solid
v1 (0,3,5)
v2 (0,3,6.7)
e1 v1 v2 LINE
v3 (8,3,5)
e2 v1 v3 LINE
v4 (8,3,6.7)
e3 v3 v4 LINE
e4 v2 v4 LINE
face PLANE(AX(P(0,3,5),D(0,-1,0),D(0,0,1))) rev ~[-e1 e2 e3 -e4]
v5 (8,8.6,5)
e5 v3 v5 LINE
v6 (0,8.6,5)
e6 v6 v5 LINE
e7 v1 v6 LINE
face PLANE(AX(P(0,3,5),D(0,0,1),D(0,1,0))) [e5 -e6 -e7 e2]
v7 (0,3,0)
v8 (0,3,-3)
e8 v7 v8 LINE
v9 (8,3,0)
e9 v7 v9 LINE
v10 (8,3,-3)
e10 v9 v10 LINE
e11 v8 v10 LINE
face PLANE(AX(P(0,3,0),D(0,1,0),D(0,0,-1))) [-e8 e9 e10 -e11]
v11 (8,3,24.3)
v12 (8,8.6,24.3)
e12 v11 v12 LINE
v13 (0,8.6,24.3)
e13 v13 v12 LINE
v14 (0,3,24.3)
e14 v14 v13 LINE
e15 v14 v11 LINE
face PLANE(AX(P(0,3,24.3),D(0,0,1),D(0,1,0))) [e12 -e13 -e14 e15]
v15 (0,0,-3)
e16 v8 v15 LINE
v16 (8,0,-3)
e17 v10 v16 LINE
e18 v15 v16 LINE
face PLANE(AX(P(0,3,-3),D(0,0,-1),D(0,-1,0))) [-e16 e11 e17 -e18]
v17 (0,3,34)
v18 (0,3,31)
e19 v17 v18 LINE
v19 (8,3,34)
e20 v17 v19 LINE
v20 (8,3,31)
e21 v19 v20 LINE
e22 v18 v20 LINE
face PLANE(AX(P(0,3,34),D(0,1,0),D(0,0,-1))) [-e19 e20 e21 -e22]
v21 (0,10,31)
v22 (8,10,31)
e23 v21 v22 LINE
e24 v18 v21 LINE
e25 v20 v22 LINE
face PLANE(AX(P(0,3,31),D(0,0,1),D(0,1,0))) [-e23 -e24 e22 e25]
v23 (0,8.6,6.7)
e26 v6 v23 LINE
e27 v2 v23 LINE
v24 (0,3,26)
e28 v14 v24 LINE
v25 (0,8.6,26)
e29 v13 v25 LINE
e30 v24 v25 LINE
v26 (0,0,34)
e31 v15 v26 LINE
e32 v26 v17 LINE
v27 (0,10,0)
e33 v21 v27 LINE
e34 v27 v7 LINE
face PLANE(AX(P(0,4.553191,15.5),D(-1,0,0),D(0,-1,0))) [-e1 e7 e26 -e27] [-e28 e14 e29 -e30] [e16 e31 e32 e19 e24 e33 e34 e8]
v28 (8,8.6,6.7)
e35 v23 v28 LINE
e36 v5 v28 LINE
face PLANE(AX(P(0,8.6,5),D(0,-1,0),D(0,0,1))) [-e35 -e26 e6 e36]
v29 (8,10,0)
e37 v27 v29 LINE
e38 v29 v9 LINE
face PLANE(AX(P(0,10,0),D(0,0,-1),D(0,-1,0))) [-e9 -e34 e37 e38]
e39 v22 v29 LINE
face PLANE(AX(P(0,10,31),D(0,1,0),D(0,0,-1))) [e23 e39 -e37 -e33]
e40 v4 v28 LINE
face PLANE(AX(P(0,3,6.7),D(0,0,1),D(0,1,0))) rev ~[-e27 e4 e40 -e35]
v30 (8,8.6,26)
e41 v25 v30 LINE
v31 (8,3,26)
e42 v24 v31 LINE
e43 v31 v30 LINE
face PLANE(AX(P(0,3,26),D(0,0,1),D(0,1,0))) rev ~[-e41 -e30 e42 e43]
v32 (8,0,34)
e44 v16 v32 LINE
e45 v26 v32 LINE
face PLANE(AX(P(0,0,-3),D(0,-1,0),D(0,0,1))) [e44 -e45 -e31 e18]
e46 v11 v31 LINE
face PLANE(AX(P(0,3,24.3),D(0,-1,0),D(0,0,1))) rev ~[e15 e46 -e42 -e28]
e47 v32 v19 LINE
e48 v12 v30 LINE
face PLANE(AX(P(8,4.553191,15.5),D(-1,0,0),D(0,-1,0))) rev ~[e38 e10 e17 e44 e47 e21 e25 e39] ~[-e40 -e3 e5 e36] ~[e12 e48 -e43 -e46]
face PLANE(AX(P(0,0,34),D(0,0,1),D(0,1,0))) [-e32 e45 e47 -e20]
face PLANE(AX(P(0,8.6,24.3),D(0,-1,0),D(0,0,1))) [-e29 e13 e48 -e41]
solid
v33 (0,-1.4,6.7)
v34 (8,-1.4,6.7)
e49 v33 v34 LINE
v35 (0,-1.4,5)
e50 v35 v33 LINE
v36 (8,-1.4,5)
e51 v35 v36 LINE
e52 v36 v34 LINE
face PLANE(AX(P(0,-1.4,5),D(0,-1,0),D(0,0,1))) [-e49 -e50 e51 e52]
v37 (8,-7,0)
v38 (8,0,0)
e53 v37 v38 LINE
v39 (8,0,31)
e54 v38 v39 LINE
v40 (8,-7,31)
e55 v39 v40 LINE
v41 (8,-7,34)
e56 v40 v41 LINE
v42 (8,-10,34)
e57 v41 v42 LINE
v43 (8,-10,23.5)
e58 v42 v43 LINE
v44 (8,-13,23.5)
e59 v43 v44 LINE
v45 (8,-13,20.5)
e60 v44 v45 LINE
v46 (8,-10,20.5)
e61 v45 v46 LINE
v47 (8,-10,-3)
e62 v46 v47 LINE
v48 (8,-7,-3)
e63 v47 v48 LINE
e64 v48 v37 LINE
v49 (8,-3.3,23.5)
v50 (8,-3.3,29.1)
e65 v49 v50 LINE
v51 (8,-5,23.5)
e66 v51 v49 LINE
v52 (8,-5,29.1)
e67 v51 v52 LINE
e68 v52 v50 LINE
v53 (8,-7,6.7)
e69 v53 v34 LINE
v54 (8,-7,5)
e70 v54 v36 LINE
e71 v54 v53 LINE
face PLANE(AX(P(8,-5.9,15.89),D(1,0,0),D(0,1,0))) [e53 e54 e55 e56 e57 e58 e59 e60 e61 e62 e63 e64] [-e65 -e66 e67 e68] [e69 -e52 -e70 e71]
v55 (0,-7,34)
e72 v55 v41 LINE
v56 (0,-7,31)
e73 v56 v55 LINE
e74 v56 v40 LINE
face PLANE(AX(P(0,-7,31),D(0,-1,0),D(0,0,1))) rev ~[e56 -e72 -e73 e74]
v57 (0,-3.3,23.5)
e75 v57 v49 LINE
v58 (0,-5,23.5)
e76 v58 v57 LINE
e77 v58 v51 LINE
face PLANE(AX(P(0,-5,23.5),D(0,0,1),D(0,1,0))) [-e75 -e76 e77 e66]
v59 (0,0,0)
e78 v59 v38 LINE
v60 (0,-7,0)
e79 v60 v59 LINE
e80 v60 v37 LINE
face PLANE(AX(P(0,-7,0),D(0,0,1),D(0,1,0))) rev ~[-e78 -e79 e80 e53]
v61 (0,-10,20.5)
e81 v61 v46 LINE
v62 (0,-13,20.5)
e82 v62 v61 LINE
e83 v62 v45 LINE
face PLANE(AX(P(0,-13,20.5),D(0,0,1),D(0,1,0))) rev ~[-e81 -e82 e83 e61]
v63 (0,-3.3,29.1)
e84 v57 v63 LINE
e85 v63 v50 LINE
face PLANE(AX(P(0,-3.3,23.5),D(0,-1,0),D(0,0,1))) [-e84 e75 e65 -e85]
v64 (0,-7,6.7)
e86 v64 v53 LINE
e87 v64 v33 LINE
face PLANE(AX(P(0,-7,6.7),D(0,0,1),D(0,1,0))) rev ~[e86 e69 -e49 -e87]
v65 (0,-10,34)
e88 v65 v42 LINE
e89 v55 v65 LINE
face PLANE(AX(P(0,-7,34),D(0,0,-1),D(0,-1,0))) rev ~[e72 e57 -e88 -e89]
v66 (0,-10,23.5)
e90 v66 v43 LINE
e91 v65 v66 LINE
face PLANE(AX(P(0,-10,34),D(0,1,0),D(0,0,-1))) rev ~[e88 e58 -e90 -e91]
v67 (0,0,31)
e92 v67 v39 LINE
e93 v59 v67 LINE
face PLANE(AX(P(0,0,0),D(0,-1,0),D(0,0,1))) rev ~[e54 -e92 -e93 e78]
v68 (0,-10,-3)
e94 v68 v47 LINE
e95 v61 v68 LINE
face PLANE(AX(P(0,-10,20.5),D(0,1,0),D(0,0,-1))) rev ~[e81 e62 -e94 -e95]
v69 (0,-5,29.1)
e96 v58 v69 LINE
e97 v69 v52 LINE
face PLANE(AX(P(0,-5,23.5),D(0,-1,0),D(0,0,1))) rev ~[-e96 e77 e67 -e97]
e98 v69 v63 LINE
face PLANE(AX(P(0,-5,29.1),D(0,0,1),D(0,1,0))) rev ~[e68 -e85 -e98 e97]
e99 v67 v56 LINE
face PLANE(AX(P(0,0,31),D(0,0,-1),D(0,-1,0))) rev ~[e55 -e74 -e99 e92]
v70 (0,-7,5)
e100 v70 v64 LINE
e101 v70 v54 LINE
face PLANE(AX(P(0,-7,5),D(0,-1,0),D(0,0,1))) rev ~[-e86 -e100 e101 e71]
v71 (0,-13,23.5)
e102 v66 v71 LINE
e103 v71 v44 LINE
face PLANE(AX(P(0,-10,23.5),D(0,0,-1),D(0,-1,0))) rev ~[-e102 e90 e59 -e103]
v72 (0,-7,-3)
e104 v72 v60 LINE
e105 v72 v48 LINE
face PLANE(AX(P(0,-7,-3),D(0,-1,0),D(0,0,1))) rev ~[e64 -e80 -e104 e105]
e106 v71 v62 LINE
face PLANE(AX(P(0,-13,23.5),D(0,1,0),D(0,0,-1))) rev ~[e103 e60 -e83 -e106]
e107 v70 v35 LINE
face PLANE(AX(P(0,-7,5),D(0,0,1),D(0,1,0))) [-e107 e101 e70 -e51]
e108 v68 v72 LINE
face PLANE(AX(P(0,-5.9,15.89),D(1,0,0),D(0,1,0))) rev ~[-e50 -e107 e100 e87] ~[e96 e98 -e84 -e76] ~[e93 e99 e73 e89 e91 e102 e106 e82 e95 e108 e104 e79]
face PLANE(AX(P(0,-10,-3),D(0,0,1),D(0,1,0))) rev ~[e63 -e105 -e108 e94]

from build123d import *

# Parameters (mm, degrees)
SKETCH_W     = 5.6
SKETCH_H     = 1.7
SKETCH_W_2   = 1.7
SKETCH_H_2   = 5.6
PAD_DEPTH    = 8
SKETCH001_W  = 5.6
SKETCH001_H  = 1.7
PAD001_DEPTH = 8


with BuildPart() as bottomholder:
    # Sketch → Pad (new body)
    with BuildSketch(Plane.YZ):
        Polygon((-10, 34), (-10, 23.5), (-13, 23.5), (-13, 20.5), (-10, 20.5), (-10, -3), (-7, -3), (-7, 0), (0, 0), (0, 31), (-7, 31), (-7, 34), align=None)
        with Locations((-4.2, 5.85)):
            Rectangle(SKETCH_W, SKETCH_H, mode=Mode.SUBTRACT)
        with Locations((-4.15, 26.3)):
            Rectangle(SKETCH_W_2, SKETCH_H_2, mode=Mode.SUBTRACT)
    extrude(amount=PAD_DEPTH)


with BuildPart() as topholder:
    # Sketch001 → Pad001 (new body)
    with BuildSketch(Plane.YZ):
        Polygon((0, 34), (3, 34), (3, 31), (10, 31), (10, 0), (3, 0), (3, -3), (0, -3), align=None)
        with Locations((5.8, 25.15)):
            Rectangle(SKETCH001_W, SKETCH001_H, mode=Mode.SUBTRACT)
        with Locations((5.8, 5.85)):
            Rectangle(SKETCH001_W, SKETCH001_H, mode=Mode.SUBTRACT)
    extrude(amount=PAD001_DEPTH)


solid = Compound([bottomholder.part, topholder.part])
